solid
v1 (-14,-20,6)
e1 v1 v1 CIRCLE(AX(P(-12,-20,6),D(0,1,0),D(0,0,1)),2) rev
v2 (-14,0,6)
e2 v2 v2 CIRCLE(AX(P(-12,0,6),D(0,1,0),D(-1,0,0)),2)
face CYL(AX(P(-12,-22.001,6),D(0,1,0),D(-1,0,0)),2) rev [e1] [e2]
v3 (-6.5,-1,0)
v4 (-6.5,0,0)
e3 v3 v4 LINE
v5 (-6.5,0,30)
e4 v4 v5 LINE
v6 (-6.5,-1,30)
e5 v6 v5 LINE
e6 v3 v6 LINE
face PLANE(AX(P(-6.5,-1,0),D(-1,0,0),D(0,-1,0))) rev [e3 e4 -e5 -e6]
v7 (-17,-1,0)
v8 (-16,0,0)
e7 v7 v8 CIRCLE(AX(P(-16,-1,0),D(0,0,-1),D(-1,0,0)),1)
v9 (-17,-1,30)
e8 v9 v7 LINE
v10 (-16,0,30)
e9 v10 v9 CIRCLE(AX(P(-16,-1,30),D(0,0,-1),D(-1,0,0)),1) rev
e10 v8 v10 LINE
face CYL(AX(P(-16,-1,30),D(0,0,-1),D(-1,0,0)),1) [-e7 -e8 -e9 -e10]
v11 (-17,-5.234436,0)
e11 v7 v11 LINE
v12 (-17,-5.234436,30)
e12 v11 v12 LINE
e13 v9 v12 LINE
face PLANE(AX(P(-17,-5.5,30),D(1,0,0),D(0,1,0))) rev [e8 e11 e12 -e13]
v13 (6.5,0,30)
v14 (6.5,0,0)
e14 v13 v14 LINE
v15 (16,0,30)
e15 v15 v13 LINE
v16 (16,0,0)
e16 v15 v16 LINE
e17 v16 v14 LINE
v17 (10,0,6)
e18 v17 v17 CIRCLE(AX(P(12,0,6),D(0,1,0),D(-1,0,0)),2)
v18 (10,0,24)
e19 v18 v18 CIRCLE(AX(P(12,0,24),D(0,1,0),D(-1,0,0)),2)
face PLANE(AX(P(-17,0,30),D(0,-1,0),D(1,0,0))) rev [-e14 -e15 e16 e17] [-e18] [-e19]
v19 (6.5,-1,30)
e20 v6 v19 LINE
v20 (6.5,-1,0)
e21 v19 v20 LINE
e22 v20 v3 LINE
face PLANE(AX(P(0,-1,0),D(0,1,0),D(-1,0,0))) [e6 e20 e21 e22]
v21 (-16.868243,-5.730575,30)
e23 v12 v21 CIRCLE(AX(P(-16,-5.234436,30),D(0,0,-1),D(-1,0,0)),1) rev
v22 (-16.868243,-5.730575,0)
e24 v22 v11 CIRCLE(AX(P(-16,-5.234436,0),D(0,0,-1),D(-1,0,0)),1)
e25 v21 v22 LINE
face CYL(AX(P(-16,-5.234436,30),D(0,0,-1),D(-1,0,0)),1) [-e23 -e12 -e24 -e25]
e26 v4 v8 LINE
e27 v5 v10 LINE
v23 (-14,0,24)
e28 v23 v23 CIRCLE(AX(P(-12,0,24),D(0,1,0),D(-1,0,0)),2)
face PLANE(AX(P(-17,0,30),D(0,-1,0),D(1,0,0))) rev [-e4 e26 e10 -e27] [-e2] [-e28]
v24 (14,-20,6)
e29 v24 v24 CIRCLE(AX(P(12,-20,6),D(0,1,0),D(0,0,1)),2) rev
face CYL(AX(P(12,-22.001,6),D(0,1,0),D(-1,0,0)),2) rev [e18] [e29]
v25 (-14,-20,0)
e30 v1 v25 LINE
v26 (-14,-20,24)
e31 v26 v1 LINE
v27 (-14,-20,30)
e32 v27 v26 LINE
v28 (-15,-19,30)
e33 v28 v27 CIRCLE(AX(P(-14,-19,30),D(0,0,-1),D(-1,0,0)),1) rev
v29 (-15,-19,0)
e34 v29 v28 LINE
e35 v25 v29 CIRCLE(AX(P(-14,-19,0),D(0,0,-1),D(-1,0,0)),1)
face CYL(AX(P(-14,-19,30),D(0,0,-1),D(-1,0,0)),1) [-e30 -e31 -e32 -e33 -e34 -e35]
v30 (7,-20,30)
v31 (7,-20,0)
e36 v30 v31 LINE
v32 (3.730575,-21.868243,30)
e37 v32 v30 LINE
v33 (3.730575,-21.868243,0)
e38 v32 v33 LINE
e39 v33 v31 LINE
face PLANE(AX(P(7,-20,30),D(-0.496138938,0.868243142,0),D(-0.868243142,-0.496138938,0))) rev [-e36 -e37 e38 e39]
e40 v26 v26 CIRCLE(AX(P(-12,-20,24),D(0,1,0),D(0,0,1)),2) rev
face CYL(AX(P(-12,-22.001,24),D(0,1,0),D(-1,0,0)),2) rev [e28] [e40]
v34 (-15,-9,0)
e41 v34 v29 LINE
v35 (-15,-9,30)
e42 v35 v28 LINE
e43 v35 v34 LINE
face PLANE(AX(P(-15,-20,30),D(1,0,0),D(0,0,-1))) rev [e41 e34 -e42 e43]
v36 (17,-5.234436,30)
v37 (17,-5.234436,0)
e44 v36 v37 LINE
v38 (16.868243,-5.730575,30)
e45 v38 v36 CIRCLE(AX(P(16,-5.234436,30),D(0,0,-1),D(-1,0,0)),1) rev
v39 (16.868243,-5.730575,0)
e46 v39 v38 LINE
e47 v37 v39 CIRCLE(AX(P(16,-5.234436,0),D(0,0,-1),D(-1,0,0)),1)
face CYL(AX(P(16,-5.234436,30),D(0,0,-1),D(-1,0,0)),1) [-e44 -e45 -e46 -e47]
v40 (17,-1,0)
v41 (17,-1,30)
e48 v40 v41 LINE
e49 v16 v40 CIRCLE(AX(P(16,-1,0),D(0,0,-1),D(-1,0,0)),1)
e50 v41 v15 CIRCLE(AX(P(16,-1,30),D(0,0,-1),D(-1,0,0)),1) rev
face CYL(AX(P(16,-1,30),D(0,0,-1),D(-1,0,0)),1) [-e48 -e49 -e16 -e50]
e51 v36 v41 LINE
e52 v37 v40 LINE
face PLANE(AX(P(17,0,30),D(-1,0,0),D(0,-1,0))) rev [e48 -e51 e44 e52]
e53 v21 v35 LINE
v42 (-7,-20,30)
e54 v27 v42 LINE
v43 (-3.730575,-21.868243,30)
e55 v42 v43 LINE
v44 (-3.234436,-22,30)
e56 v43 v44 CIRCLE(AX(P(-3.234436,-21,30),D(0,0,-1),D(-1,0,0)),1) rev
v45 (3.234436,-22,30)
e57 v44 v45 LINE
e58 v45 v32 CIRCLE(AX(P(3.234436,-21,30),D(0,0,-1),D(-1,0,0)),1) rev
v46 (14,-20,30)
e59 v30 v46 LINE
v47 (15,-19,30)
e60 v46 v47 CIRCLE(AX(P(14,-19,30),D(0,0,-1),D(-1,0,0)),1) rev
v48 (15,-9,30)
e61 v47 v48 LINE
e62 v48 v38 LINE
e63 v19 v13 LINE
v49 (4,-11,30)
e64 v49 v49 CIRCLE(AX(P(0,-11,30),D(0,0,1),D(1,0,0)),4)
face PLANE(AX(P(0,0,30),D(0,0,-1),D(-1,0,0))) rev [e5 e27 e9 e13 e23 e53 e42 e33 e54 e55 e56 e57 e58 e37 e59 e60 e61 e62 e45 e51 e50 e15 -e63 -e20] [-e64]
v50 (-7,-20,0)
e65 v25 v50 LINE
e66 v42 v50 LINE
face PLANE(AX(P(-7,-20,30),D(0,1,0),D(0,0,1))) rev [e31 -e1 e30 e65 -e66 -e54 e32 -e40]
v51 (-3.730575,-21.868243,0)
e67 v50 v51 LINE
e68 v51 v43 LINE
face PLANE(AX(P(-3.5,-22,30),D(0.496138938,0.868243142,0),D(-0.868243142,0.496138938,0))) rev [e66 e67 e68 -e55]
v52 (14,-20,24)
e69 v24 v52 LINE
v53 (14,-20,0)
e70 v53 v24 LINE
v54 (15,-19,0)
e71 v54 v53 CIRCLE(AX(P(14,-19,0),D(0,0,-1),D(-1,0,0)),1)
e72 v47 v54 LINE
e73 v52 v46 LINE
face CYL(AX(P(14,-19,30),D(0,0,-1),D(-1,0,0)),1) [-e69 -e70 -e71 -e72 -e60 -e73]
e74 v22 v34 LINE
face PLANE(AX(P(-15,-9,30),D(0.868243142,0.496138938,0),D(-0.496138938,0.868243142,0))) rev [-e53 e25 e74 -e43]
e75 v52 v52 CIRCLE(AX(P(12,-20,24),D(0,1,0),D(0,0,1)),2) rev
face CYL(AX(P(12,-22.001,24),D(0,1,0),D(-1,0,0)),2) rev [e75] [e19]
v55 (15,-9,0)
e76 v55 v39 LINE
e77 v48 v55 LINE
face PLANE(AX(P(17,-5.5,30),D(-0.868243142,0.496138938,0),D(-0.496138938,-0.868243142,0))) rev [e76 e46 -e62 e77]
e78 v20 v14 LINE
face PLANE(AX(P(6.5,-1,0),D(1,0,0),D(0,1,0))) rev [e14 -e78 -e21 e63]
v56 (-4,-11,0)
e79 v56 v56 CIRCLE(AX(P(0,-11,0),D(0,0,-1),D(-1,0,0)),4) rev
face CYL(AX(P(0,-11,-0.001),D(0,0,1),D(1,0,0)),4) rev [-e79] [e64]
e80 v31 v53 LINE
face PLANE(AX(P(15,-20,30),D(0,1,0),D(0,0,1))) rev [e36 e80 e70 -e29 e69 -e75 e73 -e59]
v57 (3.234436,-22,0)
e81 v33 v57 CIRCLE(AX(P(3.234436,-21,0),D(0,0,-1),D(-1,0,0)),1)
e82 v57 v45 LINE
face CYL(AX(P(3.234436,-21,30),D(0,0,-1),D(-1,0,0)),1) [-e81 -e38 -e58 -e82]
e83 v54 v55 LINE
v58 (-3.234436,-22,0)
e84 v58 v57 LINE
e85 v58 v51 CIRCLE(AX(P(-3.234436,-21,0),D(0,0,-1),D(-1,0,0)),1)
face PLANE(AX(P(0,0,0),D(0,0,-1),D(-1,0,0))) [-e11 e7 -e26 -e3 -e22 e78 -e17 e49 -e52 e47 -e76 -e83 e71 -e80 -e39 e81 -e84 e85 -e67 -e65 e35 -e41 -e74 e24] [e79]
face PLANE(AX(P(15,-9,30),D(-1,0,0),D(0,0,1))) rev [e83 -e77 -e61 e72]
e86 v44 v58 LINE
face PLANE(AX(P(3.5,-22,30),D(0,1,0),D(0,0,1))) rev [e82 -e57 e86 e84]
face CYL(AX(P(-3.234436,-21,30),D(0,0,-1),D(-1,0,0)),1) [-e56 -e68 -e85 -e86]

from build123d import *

# Parameters (mm, degrees)
BOSS_EXTRUDE1_DEPTH = 30
FILLET1_R           = 1
CUT_EXTRUDE1_REACH  = 42.902
SKETCH2_R           = 4
CUT_EXTRUDE2_REACH  = 42.902
SKETCH3_R           = 2
SKETCH4_W           = 13
SKETCH4_H           = 30
CUT_EXTRUDE3_DEPTH  = 1


with BuildPart() as part:
    # Sketch1 → Boss-Extrude1 (new body)
    with BuildSketch(Plane.XY):
        Polygon((-17, 0), (17, 0), (17, -5.5), (15, -9), (15, -20), (7, -20), (3.5, -22), (-3.5, -22), (-7, -20), (-15, -20), (-15, -9), (-17, -5.5), align=None)
    extrude(amount=BOSS_EXTRUDE1_DEPTH)

    # Fillet1
    fillet1_edges = [part.edges().sort_by_distance(p)[0] for p in [
        (-17, 0, 15),
        (17, 0, 15),
        (17, -5.5, 15),
        (15, -20, 15),
        (3.5, -22, 15),
        (-3.5, -22, 15),
        (-15, -20, 15),
        (-17, -5.5, 15),
    ]]
    fillet(fillet1_edges, radius=FILLET1_R)

    # Sketch2 → Cut-Extrude1 (cut, up to next)
    with BuildSketch(Plane.XY.offset(30), mode=Mode.PRIVATE) as cut_extrude1_sk1:
        with Locations((0, -11)):
            Circle(SKETCH2_R)
    cut_extrude1_tool1 = extrude(cut_extrude1_sk1.sketch, amount=-CUT_EXTRUDE1_REACH, mode=Mode.PRIVATE) & part.part
    add(cut_extrude1_tool1.solids().sort_by_distance((0, -11, 30))[0], mode=Mode.SUBTRACT)

    # Sketch3 → Cut-Extrude2 (cut, up to next)
    with BuildSketch(Plane(origin=(0, 0, 0), x_dir=(1, 0, 0), z_dir=(0, 1, 0)), mode=Mode.PRIVATE) as cut_extrude2_sk1:
        with Locations(Location((-12, -6, 0), (0, 0, 180))):
            Circle(SKETCH3_R)
    cut_extrude2_tool1 = extrude(cut_extrude2_sk1.sketch, amount=-CUT_EXTRUDE2_REACH, mode=Mode.PRIVATE) & part.part
    # Sketch3 → Cut-Extrude2 (cut, up to next)
    with BuildSketch(Plane(origin=(0, 0, 0), x_dir=(1, 0, 0), z_dir=(0, 1, 0)), mode=Mode.PRIVATE) as cut_extrude2_sk2:
        with Locations(Location((-12, -24, 0), (0, 0, 180))):
            Circle(SKETCH3_R)
    cut_extrude2_tool2 = extrude(cut_extrude2_sk2.sketch, amount=-CUT_EXTRUDE2_REACH, mode=Mode.PRIVATE) & part.part
    # Sketch3 → Cut-Extrude2 (cut, up to next)
    with BuildSketch(Plane(origin=(0, 0, 0), x_dir=(1, 0, 0), z_dir=(0, 1, 0)), mode=Mode.PRIVATE) as cut_extrude2_sk3:
        with Locations(Location((12, -24, 0), (0, 0, 180))):
            Circle(SKETCH3_R)
    cut_extrude2_tool3 = extrude(cut_extrude2_sk3.sketch, amount=-CUT_EXTRUDE2_REACH, mode=Mode.PRIVATE) & part.part
    # Sketch3 → Cut-Extrude2 (cut, up to next)
    with BuildSketch(Plane(origin=(0, 0, 0), x_dir=(1, 0, 0), z_dir=(0, 1, 0)), mode=Mode.PRIVATE) as cut_extrude2_sk4:
        with Locations(Location((12, -6, 0), (0, 0, 180))):
            Circle(SKETCH3_R)
    cut_extrude2_tool4 = extrude(cut_extrude2_sk4.sketch, amount=-CUT_EXTRUDE2_REACH, mode=Mode.PRIVATE) & part.part
    add(cut_extrude2_tool1.solids().sort_by_distance((-12, 0, 6))[0], mode=Mode.SUBTRACT)
    add(cut_extrude2_tool2.solids().sort_by_distance((-12, 0, 24))[0], mode=Mode.SUBTRACT)
    add(cut_extrude2_tool3.solids().sort_by_distance((12, 0, 24))[0], mode=Mode.SUBTRACT)
    add(cut_extrude2_tool4.solids().sort_by_distance((12, 0, 6))[0], mode=Mode.SUBTRACT)

    # Sketch4 → Cut-Extrude3 (cut)
    with BuildSketch(Plane(origin=(0, 0, 0), x_dir=(1, 0, 0), z_dir=(0, 1, 0))):
        with Locations((0, -15)):
            Rectangle(SKETCH4_W, SKETCH4_H)
    extrude(amount=-CUT_EXTRUDE3_DEPTH, mode=Mode.SUBTRACT)


solid = part.part
